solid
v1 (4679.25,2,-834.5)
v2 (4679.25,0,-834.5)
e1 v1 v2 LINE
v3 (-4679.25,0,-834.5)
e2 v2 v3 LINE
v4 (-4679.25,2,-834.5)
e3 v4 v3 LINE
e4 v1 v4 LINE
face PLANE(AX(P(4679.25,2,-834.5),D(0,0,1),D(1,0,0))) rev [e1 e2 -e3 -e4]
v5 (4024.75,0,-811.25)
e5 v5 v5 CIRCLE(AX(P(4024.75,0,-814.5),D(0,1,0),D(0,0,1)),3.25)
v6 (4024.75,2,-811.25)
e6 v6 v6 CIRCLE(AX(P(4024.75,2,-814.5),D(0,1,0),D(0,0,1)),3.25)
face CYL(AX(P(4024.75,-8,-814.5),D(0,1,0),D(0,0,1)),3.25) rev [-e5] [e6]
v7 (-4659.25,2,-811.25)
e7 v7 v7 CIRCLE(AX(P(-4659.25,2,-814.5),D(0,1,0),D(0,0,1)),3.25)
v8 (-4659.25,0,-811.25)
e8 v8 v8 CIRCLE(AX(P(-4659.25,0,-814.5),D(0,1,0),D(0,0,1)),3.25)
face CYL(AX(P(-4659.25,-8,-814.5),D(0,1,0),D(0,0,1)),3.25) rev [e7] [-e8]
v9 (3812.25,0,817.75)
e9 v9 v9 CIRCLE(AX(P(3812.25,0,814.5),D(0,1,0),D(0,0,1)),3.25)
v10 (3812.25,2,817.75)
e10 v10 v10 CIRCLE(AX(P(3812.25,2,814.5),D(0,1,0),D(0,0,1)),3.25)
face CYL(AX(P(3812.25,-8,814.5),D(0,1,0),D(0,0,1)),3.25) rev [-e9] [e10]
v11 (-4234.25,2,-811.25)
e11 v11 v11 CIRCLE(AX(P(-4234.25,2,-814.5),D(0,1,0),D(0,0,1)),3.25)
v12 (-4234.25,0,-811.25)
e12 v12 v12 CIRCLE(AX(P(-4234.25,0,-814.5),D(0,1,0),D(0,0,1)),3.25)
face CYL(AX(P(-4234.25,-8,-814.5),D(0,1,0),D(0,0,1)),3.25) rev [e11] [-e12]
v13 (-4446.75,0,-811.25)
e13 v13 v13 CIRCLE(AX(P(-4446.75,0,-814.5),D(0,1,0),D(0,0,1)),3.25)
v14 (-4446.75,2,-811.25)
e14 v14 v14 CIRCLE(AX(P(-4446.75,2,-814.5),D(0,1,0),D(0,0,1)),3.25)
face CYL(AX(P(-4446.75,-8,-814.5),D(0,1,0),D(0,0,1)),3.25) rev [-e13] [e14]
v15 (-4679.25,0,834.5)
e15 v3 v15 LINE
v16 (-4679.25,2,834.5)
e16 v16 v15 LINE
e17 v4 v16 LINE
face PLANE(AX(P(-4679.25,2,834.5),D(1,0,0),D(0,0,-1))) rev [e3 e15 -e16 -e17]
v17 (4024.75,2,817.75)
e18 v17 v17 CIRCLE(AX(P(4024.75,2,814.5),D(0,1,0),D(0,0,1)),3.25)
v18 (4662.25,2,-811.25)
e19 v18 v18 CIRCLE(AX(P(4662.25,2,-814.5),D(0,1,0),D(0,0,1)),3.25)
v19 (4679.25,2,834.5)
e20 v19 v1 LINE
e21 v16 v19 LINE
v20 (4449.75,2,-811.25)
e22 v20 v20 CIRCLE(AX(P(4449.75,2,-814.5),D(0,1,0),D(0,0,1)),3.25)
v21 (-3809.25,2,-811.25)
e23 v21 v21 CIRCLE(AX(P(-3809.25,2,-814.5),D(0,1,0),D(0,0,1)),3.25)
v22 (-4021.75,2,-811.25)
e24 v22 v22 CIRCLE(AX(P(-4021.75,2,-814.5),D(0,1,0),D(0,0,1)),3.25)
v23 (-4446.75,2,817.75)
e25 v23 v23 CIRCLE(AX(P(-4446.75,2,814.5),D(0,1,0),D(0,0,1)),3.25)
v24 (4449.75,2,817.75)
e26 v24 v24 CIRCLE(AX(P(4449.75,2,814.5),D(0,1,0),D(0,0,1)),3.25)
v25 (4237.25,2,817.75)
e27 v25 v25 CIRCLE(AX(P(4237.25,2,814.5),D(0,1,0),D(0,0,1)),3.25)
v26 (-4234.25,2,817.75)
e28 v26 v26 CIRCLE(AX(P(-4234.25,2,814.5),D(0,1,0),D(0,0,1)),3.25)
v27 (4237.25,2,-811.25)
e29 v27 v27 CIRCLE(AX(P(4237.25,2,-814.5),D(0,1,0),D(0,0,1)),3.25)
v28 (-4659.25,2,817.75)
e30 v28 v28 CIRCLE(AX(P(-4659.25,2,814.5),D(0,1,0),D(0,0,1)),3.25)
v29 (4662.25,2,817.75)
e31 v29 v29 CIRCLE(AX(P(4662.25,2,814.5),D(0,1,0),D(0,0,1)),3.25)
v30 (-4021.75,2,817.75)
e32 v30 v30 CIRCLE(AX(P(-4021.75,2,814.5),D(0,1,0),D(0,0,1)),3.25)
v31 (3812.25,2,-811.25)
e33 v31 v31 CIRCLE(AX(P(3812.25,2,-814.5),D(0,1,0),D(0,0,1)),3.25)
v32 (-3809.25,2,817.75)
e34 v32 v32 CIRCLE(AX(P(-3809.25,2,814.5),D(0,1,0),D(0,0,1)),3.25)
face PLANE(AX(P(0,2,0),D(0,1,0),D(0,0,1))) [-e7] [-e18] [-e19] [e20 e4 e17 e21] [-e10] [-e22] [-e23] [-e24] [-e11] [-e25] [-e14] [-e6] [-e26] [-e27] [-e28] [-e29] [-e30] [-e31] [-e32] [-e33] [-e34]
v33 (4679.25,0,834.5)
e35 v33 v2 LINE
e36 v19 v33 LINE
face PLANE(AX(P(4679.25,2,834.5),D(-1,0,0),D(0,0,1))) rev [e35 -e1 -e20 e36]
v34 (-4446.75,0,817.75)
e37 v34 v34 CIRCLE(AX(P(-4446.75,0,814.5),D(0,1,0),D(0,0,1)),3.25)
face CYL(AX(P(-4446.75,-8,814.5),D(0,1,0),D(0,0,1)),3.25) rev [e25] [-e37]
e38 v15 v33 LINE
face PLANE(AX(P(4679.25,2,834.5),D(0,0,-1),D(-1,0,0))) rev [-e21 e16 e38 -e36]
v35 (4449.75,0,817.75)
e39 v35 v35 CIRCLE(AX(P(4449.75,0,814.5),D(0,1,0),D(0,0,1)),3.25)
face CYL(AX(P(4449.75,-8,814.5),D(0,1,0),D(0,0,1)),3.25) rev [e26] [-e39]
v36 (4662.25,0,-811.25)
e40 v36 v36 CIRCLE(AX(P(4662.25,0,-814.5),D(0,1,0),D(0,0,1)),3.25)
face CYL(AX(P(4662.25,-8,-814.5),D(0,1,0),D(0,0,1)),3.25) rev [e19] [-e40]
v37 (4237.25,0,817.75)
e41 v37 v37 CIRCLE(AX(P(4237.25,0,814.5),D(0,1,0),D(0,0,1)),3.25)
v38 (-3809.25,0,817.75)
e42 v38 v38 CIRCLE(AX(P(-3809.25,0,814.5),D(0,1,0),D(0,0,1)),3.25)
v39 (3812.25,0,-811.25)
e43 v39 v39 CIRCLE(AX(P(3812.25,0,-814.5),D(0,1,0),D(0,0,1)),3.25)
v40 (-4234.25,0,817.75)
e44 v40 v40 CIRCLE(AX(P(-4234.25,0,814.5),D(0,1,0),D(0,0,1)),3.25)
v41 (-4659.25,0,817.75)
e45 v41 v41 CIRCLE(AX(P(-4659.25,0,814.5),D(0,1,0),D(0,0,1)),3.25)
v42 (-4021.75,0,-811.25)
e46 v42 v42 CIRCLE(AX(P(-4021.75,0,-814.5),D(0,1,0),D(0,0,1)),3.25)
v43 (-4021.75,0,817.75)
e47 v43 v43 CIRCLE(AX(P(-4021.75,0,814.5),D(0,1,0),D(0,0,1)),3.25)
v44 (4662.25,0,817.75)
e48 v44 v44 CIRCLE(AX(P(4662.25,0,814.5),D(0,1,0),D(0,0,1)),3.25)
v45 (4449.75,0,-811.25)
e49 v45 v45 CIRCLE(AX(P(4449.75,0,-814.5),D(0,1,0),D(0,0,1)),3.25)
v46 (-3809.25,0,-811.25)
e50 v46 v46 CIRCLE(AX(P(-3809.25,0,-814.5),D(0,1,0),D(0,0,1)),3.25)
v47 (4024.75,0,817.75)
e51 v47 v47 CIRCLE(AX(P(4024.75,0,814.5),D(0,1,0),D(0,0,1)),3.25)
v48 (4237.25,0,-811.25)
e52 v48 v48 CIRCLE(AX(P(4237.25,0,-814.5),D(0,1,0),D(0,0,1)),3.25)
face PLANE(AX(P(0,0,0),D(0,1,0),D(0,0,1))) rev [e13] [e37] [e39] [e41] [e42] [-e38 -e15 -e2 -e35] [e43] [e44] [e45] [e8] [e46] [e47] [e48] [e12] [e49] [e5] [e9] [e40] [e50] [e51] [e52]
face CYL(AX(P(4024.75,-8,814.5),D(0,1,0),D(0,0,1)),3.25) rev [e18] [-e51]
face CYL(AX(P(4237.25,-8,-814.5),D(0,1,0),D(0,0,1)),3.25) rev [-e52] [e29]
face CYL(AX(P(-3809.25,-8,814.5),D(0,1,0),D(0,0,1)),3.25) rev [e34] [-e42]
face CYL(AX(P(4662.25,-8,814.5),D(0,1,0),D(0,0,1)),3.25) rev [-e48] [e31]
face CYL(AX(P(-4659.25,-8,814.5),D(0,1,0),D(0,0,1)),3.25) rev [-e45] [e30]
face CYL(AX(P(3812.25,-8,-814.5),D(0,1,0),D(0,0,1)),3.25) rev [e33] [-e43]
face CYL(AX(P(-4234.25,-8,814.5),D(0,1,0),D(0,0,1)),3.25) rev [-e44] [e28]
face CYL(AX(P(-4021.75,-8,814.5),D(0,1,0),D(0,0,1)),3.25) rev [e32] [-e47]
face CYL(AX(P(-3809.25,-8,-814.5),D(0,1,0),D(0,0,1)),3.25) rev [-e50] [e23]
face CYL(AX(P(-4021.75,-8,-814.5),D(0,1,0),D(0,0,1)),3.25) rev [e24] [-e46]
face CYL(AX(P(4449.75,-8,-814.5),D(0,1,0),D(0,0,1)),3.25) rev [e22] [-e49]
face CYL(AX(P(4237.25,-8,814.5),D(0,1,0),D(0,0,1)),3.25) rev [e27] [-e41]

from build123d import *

# Parameters (mm, degrees)
SKETCH1_W           = 9358.5
SKETCH1_H           = 1669
BOSS_EXTRUDE1_DEPTH = 2
SKETCH3_R           = 3.25
CUT_EXTRUDE1_DEPTH  = 10


with BuildPart() as part:
    # Sketch1 → Boss-Extrude1 (new body)
    with BuildSketch(Plane(origin=(0, 0, 0), x_dir=(1, 0, 0), z_dir=(0, 1, 0))):
        Rectangle(SKETCH1_W, SKETCH1_H)
    extrude(amount=BOSS_EXTRUDE1_DEPTH)

    # Sketch3 → Cut-Extrude1 (cut)
    with BuildSketch(Plane(origin=(0, 2, 0), x_dir=(1, 0, 0), z_dir=(0, 1, 0))):
        with Locations(Location((-4659.25, 814.5, 0), (0, 0, 270))):
            Circle(SKETCH3_R)
        with Locations(Location((-4659.25, -814.5, 0), (0, 0, 270))):
            Circle(SKETCH3_R)
        with Locations(Location((-4446.75, 814.5, 0), (0, 0, 270))):
            Circle(SKETCH3_R)
        with Locations(Location((-4446.75, -814.5, 0), (0, 0, 270))):
            Circle(SKETCH3_R)
        with Locations(Location((-4234.25, 814.5, 0), (0, 0, 270))):
            Circle(SKETCH3_R)
        with Locations(Location((-4234.25, -814.5, 0), (0, 0, 270))):
            Circle(SKETCH3_R)
        with Locations(Location((-4021.75, 814.5, 0), (0, 0, 270))):
            Circle(SKETCH3_R)
        with Locations(Location((-4021.75, -814.5, 0), (0, 0, 270))):
            Circle(SKETCH3_R)
        with Locations(Location((-3809.25, 814.5, 0), (0, 0, 270))):
            Circle(SKETCH3_R)
        with Locations(Location((-3809.25, -814.5, 0), (0, 0, 270))):
            Circle(SKETCH3_R)
        with Locations(Location((4662.25, 814.5, 0), (0, 0, 270))):
            Circle(SKETCH3_R)
        with Locations(Location((4662.25, -814.5, 0), (0, 0, 270))):
            Circle(SKETCH3_R)
        with Locations(Location((4449.75, 814.5, 0), (0, 0, 270))):
            Circle(SKETCH3_R)
        with Locations(Location((4449.75, -814.5, 0), (0, 0, 270))):
            Circle(SKETCH3_R)
        with Locations(Location((4237.25, 814.5, 0), (0, 0, 270))):
            Circle(SKETCH3_R)
        with Locations(Location((4237.25, -814.5, 0), (0, 0, 270))):
            Circle(SKETCH3_R)
        with Locations(Location((4024.75, 814.5, 0), (0, 0, 270))):
            Circle(SKETCH3_R)
        with Locations(Location((4024.75, -814.5, 0), (0, 0, 270))):
            Circle(SKETCH3_R)
        with Locations(Location((3812.25, 814.5, 0), (0, 0, 270))):
            Circle(SKETCH3_R)
        with Locations(Location((3812.25, -814.5, 0), (0, 0, 270))):
            Circle(SKETCH3_R)
    extrude(amount=-CUT_EXTRUDE1_DEPTH, mode=Mode.SUBTRACT)


solid = part.part
